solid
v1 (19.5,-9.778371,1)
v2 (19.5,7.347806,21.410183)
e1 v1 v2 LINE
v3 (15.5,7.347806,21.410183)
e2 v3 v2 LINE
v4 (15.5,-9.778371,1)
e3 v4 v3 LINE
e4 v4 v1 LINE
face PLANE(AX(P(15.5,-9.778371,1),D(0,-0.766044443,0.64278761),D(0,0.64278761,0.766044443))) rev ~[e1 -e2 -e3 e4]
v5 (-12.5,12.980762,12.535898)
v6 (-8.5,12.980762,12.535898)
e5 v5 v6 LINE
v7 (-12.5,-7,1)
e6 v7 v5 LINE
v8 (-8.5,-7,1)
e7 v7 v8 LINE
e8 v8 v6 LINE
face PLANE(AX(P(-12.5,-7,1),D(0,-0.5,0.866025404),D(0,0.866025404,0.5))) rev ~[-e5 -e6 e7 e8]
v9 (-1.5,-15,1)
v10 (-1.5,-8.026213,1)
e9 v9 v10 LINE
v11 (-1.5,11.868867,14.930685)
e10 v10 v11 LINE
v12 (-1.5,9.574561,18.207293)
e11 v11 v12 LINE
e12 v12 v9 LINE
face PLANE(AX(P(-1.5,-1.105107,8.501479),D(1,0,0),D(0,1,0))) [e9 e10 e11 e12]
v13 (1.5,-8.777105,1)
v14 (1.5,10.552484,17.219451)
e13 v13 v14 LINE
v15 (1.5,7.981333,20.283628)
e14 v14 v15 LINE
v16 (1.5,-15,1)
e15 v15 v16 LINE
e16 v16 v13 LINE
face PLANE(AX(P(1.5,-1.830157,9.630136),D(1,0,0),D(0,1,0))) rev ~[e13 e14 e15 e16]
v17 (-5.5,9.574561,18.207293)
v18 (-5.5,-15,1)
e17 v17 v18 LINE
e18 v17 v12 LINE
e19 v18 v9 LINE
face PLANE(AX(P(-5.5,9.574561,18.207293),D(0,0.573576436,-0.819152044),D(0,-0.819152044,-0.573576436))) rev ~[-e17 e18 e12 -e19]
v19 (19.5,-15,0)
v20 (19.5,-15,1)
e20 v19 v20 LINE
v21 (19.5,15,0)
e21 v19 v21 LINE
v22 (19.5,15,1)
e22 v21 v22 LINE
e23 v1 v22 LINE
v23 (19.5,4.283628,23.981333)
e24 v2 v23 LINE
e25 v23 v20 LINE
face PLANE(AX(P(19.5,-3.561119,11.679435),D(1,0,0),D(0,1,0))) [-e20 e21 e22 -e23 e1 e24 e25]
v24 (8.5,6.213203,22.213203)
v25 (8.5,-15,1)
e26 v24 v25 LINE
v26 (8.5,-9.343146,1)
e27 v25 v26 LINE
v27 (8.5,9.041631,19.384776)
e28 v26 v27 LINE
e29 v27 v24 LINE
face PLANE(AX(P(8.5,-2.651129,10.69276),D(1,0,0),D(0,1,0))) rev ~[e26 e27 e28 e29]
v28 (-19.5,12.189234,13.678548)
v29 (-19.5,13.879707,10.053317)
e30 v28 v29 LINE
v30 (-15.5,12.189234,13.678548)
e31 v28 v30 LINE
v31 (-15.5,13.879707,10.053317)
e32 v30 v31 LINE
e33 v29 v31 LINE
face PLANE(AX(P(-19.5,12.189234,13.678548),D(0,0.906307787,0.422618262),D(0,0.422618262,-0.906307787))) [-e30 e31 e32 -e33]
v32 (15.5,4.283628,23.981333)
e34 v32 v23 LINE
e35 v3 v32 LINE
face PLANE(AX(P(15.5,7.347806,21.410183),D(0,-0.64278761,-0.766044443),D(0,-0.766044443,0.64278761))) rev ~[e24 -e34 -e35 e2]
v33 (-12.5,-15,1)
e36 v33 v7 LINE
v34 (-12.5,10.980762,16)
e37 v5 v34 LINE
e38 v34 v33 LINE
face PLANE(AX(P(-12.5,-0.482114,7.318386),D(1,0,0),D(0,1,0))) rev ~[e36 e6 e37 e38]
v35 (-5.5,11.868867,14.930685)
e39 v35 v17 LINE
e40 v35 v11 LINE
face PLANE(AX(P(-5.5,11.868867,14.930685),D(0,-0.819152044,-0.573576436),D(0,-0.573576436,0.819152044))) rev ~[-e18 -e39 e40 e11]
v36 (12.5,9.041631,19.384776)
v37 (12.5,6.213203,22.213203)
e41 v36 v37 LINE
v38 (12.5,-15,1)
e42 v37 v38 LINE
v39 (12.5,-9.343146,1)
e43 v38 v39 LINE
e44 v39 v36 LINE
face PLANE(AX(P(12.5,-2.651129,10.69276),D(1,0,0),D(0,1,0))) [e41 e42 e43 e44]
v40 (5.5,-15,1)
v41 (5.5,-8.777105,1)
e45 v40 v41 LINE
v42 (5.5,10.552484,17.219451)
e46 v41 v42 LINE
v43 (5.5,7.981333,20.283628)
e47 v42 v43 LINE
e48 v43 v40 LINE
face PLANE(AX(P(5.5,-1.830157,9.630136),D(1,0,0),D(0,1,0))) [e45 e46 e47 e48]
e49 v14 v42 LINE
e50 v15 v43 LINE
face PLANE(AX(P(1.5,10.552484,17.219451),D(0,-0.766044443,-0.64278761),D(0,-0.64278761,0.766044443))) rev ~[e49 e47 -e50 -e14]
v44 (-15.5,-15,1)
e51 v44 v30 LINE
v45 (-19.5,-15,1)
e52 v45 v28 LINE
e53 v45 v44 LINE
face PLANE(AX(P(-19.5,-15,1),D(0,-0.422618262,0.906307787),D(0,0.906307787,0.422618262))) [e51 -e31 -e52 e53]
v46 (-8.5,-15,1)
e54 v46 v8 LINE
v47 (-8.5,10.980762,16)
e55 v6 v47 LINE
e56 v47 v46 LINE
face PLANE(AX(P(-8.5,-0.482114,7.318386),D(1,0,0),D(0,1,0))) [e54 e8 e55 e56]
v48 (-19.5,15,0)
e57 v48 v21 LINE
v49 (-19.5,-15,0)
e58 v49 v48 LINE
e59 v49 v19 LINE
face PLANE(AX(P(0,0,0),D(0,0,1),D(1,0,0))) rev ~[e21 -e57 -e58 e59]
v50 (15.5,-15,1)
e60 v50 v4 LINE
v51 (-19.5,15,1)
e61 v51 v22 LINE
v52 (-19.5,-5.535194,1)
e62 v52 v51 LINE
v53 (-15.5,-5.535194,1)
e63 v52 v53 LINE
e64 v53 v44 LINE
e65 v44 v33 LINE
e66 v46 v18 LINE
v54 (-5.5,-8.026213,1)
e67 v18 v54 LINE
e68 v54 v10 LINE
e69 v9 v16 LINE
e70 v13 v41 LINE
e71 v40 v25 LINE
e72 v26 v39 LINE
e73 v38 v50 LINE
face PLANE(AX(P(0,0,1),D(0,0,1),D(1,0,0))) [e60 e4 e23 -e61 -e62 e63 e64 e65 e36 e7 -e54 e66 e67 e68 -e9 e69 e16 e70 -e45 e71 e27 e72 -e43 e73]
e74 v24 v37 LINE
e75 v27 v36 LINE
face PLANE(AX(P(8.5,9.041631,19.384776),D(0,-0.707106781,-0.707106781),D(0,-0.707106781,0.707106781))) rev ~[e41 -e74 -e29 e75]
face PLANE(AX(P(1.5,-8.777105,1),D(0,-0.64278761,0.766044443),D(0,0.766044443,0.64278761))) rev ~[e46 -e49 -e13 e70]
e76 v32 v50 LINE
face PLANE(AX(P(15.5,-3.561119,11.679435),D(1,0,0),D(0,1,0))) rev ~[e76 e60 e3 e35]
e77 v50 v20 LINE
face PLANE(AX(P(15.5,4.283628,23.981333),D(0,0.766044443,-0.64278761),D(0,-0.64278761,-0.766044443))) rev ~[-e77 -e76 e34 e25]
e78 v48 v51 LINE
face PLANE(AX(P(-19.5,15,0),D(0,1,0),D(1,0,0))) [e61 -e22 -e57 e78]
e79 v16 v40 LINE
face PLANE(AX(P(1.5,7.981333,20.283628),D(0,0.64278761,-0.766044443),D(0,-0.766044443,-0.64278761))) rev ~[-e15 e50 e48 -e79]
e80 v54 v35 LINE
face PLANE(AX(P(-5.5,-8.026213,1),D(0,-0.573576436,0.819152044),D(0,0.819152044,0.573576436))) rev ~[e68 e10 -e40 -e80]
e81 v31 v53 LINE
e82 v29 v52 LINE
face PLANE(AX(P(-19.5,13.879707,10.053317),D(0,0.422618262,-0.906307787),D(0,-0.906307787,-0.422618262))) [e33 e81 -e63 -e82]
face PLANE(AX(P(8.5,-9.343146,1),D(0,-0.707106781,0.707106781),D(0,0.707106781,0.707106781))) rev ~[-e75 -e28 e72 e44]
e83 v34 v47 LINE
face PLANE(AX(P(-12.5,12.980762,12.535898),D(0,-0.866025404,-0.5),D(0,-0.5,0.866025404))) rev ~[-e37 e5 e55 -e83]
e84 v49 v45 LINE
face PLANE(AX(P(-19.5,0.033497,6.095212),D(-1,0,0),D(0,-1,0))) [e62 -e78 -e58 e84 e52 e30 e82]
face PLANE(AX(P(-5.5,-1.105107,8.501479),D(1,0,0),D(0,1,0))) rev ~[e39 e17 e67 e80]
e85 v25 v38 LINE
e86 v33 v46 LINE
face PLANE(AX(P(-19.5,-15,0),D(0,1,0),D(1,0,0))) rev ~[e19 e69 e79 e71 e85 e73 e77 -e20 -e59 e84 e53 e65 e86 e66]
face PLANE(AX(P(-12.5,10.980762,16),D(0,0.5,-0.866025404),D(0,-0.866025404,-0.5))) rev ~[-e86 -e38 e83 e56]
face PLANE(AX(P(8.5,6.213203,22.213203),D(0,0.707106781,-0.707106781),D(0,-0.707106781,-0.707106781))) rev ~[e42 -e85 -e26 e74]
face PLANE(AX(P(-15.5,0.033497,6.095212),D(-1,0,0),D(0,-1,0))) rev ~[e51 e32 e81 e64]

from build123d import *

# Parameters (mm, degrees)
F2_W      = 39
F2_H      = 30
F3_DEPTH  = 1
F5_DEPTH  = 4
F8_DEPTH  = 4
F11_DEPTH = 4
F14_DEPTH = 4
F17_DEPTH = 4
F20_DEPTH = 4


with BuildPart() as f3:
    # F2 (on Top) → F3 (new body)
    with BuildSketch(Plane.XY):
        Rectangle(F2_W, F2_H)
    extrude(amount=F3_DEPTH)

    # F4 (on face) → F5 (join)
    with BuildSketch(Plane(origin=(-19.5, 0, 0), x_dir=(0, -1, 0), z_dir=(-1, 0, 0))):
        Polygon((5.5351936674, 1), (15, 1), (-12.1892336111, 13.6785478522), (-13.8797066581, 10.0533167041), align=None)
    extrude(amount=-F5_DEPTH)

    # F7 (on offset) → F8 (join)
    with BuildSketch(Plane.YZ.offset(-12.5)):
        Polygon((-15, 1), (-7, 1), (12.9807621135, 12.5358983849), (10.9807621135, 16), align=None)
    extrude(amount=F8_DEPTH)

    # F10 (on offset) → F11 (join)
    with BuildSketch(Plane.YZ.offset(-5.5)):
        Polygon((9.5745613287, 18.2072930905), (-15, 1), (-8.0262128175, 1), (11.8688670741, 14.9306849134), align=None)
    extrude(amount=F11_DEPTH)

    # F13 (on offset) → F14 (join)
    with BuildSketch(Plane.YZ.offset(1.5)):
        Polygon((7.9813332936, 20.2836282906), (-15, 1), (-8.7771046926, 1), (10.5524837323, 17.2194505181), align=None)
    extrude(amount=F14_DEPTH)

    # F16 (on offset) → F17 (join)
    with BuildSketch(Plane.YZ.offset(8.5)):
        Polygon((6.2132034356, 22.2132034356), (-15, 1), (-9.3431457505, 1), (9.0416305603, 19.3847763109), align=None)
    extrude(amount=F17_DEPTH)

    # F19 (on offset) → F20 (join)
    with BuildSketch(Plane.YZ.offset(15.5)):
        Polygon((4.2836282906, 23.9813332936), (-15, 1), (-9.7783708427, 1), (7.3478060631, 21.4101828548), align=None)
    extrude(amount=F20_DEPTH)


solid = f3.part
